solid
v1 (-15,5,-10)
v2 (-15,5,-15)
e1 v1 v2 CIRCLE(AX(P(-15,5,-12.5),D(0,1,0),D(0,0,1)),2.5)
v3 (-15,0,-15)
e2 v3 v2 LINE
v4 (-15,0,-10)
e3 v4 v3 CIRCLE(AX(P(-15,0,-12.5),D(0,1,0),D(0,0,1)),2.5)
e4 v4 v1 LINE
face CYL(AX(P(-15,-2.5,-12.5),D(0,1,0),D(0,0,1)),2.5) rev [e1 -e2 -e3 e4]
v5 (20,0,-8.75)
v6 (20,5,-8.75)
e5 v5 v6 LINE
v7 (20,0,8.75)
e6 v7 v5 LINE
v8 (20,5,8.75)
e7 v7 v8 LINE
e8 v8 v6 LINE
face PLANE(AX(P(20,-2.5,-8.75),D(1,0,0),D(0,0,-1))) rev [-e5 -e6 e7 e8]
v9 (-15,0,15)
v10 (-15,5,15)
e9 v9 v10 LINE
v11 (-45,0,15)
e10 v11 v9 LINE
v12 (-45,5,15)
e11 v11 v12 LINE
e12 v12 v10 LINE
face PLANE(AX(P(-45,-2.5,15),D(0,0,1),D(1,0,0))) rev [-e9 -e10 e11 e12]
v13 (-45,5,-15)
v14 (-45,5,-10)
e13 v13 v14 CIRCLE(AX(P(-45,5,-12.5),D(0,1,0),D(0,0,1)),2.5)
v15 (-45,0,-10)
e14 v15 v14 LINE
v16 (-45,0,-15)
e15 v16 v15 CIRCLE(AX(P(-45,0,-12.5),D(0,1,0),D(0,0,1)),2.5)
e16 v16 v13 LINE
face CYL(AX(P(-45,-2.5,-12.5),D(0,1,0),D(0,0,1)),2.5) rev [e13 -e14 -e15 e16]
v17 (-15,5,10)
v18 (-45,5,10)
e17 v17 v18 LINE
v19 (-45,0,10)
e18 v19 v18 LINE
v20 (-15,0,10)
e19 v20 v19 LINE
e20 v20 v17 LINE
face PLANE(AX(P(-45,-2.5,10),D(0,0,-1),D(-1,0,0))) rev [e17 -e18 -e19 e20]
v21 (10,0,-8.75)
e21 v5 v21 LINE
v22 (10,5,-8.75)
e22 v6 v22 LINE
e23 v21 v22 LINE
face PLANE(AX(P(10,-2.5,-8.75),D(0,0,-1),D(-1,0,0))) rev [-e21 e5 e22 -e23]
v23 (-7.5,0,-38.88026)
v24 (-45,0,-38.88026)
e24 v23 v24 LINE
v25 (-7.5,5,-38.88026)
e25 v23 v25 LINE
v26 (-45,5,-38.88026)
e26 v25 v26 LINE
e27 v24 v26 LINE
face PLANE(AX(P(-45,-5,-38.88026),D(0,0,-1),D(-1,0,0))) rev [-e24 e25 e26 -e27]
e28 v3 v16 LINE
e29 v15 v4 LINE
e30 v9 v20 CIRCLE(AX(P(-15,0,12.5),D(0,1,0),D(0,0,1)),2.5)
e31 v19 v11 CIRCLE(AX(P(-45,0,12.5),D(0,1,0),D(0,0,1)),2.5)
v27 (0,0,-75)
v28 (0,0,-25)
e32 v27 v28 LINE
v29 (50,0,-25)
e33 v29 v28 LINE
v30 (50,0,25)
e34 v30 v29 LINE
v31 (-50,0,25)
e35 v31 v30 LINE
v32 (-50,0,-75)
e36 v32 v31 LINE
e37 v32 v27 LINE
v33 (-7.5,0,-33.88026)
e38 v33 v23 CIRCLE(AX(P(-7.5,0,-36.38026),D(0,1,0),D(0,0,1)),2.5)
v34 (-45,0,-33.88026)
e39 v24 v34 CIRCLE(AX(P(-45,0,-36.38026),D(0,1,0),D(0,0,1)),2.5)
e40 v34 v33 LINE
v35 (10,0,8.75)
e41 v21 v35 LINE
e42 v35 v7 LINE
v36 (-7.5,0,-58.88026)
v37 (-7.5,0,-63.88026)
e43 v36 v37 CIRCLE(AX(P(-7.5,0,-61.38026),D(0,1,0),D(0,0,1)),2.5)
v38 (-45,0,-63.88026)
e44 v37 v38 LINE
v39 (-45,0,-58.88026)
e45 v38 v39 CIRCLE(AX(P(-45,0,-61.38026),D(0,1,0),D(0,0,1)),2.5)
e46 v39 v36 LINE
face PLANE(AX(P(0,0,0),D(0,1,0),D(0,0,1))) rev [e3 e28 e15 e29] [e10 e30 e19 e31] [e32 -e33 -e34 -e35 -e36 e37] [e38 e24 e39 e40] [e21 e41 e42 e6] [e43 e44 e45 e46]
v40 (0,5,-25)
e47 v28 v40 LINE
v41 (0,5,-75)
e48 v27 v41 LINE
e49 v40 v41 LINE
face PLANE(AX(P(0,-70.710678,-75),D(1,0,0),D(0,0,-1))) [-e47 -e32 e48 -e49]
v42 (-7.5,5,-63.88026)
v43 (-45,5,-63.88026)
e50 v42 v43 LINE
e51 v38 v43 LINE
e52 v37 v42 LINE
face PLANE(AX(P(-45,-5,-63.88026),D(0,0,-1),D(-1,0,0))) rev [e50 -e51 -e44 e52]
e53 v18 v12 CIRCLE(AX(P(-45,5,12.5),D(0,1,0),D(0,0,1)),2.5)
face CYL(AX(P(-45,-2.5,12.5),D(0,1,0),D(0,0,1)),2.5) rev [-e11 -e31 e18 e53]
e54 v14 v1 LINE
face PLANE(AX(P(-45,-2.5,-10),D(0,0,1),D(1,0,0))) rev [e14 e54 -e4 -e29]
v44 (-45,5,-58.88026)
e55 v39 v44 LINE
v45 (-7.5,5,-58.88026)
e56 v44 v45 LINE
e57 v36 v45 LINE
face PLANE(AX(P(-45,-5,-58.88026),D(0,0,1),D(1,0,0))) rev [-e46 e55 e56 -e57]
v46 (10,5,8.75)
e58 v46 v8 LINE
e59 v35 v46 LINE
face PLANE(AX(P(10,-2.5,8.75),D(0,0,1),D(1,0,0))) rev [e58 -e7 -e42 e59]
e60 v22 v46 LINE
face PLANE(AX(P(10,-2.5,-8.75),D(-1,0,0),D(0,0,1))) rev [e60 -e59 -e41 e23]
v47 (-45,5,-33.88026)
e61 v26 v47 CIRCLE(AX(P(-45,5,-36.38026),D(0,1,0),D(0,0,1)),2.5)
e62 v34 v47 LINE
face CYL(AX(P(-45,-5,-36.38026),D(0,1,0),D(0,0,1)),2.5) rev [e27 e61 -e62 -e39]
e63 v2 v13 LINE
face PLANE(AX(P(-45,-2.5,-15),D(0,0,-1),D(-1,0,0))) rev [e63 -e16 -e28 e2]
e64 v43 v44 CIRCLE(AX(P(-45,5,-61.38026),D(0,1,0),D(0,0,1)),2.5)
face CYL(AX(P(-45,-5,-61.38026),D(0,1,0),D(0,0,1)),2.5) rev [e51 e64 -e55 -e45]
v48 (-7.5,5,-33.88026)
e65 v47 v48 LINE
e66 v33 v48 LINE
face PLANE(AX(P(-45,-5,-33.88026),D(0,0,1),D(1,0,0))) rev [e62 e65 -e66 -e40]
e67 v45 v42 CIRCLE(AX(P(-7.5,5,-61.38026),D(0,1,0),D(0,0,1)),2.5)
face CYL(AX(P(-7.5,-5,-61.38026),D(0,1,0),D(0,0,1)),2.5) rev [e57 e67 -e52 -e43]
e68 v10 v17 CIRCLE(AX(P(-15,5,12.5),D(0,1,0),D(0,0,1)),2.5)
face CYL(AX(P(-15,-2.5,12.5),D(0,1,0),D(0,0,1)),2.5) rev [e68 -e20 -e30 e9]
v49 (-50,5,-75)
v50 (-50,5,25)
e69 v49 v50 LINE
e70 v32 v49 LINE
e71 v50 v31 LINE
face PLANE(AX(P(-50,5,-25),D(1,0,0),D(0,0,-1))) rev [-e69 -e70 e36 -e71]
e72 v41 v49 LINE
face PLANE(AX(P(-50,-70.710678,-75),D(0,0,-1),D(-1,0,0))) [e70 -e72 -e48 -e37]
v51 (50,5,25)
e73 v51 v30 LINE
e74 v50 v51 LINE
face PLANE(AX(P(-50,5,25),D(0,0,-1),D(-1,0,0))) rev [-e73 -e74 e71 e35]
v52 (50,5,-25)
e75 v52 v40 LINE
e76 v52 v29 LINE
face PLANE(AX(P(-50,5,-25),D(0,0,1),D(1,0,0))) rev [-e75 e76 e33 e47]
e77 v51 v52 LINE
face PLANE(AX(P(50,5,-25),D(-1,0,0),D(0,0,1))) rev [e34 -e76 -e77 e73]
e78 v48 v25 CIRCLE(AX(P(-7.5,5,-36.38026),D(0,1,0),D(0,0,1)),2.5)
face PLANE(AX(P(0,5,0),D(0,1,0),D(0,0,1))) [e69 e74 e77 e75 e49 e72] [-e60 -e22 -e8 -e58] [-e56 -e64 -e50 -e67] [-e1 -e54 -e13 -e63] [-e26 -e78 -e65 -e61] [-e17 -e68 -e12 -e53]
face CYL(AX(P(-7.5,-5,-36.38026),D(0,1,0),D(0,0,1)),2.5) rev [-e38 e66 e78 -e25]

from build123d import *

# Parameters (mm, degrees)
SKETCH2_W           = 100
SKETCH2_H           = 50
BOSS_EXTRUDE1_DEPTH = 5
SKETCH3_W           = 10
SKETCH3_H           = 17.5
CUT_EXTRUDE1_DEPTH  = 7.5
CUT_EXTRUDE2_DEPTH  = 7.5
SKETCH5_W           = 50
SKETCH5_H           = 50
BOSS_EXTRUDE2_DEPTH = 5
CUT_EXTRUDE3_DEPTH  = 10
LPATTERN1_COUNT     = 2
LPATTERN1_PITCH     = 25


with BuildPart() as part:
    # Sketch2 → Boss-Extrude1 (new body)
    with BuildSketch(Plane(origin=(0, 0, 0), x_dir=(1, 0, 0), z_dir=(0, 1, 0))):
        Rectangle(SKETCH2_W, SKETCH2_H)
    extrude(amount=BOSS_EXTRUDE1_DEPTH)

    # Sketch3 → Cut-Extrude1 (cut)
    with BuildSketch(Plane(origin=(0, 5, 0), x_dir=(1, 0, 0), z_dir=(0, 1, 0))):
        with Locations((15, 0)):
            Rectangle(SKETCH3_W, SKETCH3_H)
    extrude(amount=-CUT_EXTRUDE1_DEPTH, mode=Mode.SUBTRACT)

    # Sketch4 → Cut-Extrude2 (cut)
    with BuildSketch(Plane(origin=(0, 5, 0), x_dir=(1, 0, 0), z_dir=(0, 1, 0))):
        with BuildLine():
            Line((-45, 15), (-15, 15))
            ThreePointArc((-15, 15), (-12.5, 12.5), (-15, 10))
            Line((-15, 10), (-45, 10))
            ThreePointArc((-45, 10), (-47.5, 12.5), (-45, 15))
        make_face()
        with BuildLine():
            Line((-45, -15), (-15, -15))
            ThreePointArc((-15, -15), (-12.5, -12.5), (-15, -10))
            Line((-15, -10), (-45, -10))
            ThreePointArc((-45, -10), (-47.5, -12.5), (-45, -15))
        make_face()
    extrude(amount=-CUT_EXTRUDE2_DEPTH, mode=Mode.SUBTRACT)

    # Sketch5 → Boss-Extrude2 (add)
    with BuildSketch(Plane(origin=(0, 5, 0), x_dir=(1, 0, 0), z_dir=(0, 1, 0))):
        with Locations((-25, 50)):
            Rectangle(SKETCH5_W, SKETCH5_H)
    extrude(amount=-BOSS_EXTRUDE2_DEPTH)

    # Sketch6 → Cut-Extrude3 (cut)
    with BuildSketch(Plane(origin=(0, 5, 0), x_dir=(1, 0, 0), z_dir=(0, 1, 0))):
        with BuildLine():
            Line((-45, 38.880259694), (-7.5, 38.880259694))
            ThreePointArc((-7.5, 38.880259694), (-5, 36.380259694), (-7.5, 33.880259694))
            Line((-7.5, 33.880259694), (-45, 33.880259694))
            ThreePointArc((-45, 33.880259694), (-47.5, 36.380259694), (-45, 38.880259694))
        make_face()
    cut_extrude3 = extrude(amount=-CUT_EXTRUDE3_DEPTH, mode=Mode.SUBTRACT)

    # LPattern1: Cut-Extrude3 ×2
    with Locations(*[(0, 0, -i * LPATTERN1_PITCH) for i in range(1, LPATTERN1_COUNT)]):
        add(cut_extrude3, mode=Mode.SUBTRACT)


solid = part.part
